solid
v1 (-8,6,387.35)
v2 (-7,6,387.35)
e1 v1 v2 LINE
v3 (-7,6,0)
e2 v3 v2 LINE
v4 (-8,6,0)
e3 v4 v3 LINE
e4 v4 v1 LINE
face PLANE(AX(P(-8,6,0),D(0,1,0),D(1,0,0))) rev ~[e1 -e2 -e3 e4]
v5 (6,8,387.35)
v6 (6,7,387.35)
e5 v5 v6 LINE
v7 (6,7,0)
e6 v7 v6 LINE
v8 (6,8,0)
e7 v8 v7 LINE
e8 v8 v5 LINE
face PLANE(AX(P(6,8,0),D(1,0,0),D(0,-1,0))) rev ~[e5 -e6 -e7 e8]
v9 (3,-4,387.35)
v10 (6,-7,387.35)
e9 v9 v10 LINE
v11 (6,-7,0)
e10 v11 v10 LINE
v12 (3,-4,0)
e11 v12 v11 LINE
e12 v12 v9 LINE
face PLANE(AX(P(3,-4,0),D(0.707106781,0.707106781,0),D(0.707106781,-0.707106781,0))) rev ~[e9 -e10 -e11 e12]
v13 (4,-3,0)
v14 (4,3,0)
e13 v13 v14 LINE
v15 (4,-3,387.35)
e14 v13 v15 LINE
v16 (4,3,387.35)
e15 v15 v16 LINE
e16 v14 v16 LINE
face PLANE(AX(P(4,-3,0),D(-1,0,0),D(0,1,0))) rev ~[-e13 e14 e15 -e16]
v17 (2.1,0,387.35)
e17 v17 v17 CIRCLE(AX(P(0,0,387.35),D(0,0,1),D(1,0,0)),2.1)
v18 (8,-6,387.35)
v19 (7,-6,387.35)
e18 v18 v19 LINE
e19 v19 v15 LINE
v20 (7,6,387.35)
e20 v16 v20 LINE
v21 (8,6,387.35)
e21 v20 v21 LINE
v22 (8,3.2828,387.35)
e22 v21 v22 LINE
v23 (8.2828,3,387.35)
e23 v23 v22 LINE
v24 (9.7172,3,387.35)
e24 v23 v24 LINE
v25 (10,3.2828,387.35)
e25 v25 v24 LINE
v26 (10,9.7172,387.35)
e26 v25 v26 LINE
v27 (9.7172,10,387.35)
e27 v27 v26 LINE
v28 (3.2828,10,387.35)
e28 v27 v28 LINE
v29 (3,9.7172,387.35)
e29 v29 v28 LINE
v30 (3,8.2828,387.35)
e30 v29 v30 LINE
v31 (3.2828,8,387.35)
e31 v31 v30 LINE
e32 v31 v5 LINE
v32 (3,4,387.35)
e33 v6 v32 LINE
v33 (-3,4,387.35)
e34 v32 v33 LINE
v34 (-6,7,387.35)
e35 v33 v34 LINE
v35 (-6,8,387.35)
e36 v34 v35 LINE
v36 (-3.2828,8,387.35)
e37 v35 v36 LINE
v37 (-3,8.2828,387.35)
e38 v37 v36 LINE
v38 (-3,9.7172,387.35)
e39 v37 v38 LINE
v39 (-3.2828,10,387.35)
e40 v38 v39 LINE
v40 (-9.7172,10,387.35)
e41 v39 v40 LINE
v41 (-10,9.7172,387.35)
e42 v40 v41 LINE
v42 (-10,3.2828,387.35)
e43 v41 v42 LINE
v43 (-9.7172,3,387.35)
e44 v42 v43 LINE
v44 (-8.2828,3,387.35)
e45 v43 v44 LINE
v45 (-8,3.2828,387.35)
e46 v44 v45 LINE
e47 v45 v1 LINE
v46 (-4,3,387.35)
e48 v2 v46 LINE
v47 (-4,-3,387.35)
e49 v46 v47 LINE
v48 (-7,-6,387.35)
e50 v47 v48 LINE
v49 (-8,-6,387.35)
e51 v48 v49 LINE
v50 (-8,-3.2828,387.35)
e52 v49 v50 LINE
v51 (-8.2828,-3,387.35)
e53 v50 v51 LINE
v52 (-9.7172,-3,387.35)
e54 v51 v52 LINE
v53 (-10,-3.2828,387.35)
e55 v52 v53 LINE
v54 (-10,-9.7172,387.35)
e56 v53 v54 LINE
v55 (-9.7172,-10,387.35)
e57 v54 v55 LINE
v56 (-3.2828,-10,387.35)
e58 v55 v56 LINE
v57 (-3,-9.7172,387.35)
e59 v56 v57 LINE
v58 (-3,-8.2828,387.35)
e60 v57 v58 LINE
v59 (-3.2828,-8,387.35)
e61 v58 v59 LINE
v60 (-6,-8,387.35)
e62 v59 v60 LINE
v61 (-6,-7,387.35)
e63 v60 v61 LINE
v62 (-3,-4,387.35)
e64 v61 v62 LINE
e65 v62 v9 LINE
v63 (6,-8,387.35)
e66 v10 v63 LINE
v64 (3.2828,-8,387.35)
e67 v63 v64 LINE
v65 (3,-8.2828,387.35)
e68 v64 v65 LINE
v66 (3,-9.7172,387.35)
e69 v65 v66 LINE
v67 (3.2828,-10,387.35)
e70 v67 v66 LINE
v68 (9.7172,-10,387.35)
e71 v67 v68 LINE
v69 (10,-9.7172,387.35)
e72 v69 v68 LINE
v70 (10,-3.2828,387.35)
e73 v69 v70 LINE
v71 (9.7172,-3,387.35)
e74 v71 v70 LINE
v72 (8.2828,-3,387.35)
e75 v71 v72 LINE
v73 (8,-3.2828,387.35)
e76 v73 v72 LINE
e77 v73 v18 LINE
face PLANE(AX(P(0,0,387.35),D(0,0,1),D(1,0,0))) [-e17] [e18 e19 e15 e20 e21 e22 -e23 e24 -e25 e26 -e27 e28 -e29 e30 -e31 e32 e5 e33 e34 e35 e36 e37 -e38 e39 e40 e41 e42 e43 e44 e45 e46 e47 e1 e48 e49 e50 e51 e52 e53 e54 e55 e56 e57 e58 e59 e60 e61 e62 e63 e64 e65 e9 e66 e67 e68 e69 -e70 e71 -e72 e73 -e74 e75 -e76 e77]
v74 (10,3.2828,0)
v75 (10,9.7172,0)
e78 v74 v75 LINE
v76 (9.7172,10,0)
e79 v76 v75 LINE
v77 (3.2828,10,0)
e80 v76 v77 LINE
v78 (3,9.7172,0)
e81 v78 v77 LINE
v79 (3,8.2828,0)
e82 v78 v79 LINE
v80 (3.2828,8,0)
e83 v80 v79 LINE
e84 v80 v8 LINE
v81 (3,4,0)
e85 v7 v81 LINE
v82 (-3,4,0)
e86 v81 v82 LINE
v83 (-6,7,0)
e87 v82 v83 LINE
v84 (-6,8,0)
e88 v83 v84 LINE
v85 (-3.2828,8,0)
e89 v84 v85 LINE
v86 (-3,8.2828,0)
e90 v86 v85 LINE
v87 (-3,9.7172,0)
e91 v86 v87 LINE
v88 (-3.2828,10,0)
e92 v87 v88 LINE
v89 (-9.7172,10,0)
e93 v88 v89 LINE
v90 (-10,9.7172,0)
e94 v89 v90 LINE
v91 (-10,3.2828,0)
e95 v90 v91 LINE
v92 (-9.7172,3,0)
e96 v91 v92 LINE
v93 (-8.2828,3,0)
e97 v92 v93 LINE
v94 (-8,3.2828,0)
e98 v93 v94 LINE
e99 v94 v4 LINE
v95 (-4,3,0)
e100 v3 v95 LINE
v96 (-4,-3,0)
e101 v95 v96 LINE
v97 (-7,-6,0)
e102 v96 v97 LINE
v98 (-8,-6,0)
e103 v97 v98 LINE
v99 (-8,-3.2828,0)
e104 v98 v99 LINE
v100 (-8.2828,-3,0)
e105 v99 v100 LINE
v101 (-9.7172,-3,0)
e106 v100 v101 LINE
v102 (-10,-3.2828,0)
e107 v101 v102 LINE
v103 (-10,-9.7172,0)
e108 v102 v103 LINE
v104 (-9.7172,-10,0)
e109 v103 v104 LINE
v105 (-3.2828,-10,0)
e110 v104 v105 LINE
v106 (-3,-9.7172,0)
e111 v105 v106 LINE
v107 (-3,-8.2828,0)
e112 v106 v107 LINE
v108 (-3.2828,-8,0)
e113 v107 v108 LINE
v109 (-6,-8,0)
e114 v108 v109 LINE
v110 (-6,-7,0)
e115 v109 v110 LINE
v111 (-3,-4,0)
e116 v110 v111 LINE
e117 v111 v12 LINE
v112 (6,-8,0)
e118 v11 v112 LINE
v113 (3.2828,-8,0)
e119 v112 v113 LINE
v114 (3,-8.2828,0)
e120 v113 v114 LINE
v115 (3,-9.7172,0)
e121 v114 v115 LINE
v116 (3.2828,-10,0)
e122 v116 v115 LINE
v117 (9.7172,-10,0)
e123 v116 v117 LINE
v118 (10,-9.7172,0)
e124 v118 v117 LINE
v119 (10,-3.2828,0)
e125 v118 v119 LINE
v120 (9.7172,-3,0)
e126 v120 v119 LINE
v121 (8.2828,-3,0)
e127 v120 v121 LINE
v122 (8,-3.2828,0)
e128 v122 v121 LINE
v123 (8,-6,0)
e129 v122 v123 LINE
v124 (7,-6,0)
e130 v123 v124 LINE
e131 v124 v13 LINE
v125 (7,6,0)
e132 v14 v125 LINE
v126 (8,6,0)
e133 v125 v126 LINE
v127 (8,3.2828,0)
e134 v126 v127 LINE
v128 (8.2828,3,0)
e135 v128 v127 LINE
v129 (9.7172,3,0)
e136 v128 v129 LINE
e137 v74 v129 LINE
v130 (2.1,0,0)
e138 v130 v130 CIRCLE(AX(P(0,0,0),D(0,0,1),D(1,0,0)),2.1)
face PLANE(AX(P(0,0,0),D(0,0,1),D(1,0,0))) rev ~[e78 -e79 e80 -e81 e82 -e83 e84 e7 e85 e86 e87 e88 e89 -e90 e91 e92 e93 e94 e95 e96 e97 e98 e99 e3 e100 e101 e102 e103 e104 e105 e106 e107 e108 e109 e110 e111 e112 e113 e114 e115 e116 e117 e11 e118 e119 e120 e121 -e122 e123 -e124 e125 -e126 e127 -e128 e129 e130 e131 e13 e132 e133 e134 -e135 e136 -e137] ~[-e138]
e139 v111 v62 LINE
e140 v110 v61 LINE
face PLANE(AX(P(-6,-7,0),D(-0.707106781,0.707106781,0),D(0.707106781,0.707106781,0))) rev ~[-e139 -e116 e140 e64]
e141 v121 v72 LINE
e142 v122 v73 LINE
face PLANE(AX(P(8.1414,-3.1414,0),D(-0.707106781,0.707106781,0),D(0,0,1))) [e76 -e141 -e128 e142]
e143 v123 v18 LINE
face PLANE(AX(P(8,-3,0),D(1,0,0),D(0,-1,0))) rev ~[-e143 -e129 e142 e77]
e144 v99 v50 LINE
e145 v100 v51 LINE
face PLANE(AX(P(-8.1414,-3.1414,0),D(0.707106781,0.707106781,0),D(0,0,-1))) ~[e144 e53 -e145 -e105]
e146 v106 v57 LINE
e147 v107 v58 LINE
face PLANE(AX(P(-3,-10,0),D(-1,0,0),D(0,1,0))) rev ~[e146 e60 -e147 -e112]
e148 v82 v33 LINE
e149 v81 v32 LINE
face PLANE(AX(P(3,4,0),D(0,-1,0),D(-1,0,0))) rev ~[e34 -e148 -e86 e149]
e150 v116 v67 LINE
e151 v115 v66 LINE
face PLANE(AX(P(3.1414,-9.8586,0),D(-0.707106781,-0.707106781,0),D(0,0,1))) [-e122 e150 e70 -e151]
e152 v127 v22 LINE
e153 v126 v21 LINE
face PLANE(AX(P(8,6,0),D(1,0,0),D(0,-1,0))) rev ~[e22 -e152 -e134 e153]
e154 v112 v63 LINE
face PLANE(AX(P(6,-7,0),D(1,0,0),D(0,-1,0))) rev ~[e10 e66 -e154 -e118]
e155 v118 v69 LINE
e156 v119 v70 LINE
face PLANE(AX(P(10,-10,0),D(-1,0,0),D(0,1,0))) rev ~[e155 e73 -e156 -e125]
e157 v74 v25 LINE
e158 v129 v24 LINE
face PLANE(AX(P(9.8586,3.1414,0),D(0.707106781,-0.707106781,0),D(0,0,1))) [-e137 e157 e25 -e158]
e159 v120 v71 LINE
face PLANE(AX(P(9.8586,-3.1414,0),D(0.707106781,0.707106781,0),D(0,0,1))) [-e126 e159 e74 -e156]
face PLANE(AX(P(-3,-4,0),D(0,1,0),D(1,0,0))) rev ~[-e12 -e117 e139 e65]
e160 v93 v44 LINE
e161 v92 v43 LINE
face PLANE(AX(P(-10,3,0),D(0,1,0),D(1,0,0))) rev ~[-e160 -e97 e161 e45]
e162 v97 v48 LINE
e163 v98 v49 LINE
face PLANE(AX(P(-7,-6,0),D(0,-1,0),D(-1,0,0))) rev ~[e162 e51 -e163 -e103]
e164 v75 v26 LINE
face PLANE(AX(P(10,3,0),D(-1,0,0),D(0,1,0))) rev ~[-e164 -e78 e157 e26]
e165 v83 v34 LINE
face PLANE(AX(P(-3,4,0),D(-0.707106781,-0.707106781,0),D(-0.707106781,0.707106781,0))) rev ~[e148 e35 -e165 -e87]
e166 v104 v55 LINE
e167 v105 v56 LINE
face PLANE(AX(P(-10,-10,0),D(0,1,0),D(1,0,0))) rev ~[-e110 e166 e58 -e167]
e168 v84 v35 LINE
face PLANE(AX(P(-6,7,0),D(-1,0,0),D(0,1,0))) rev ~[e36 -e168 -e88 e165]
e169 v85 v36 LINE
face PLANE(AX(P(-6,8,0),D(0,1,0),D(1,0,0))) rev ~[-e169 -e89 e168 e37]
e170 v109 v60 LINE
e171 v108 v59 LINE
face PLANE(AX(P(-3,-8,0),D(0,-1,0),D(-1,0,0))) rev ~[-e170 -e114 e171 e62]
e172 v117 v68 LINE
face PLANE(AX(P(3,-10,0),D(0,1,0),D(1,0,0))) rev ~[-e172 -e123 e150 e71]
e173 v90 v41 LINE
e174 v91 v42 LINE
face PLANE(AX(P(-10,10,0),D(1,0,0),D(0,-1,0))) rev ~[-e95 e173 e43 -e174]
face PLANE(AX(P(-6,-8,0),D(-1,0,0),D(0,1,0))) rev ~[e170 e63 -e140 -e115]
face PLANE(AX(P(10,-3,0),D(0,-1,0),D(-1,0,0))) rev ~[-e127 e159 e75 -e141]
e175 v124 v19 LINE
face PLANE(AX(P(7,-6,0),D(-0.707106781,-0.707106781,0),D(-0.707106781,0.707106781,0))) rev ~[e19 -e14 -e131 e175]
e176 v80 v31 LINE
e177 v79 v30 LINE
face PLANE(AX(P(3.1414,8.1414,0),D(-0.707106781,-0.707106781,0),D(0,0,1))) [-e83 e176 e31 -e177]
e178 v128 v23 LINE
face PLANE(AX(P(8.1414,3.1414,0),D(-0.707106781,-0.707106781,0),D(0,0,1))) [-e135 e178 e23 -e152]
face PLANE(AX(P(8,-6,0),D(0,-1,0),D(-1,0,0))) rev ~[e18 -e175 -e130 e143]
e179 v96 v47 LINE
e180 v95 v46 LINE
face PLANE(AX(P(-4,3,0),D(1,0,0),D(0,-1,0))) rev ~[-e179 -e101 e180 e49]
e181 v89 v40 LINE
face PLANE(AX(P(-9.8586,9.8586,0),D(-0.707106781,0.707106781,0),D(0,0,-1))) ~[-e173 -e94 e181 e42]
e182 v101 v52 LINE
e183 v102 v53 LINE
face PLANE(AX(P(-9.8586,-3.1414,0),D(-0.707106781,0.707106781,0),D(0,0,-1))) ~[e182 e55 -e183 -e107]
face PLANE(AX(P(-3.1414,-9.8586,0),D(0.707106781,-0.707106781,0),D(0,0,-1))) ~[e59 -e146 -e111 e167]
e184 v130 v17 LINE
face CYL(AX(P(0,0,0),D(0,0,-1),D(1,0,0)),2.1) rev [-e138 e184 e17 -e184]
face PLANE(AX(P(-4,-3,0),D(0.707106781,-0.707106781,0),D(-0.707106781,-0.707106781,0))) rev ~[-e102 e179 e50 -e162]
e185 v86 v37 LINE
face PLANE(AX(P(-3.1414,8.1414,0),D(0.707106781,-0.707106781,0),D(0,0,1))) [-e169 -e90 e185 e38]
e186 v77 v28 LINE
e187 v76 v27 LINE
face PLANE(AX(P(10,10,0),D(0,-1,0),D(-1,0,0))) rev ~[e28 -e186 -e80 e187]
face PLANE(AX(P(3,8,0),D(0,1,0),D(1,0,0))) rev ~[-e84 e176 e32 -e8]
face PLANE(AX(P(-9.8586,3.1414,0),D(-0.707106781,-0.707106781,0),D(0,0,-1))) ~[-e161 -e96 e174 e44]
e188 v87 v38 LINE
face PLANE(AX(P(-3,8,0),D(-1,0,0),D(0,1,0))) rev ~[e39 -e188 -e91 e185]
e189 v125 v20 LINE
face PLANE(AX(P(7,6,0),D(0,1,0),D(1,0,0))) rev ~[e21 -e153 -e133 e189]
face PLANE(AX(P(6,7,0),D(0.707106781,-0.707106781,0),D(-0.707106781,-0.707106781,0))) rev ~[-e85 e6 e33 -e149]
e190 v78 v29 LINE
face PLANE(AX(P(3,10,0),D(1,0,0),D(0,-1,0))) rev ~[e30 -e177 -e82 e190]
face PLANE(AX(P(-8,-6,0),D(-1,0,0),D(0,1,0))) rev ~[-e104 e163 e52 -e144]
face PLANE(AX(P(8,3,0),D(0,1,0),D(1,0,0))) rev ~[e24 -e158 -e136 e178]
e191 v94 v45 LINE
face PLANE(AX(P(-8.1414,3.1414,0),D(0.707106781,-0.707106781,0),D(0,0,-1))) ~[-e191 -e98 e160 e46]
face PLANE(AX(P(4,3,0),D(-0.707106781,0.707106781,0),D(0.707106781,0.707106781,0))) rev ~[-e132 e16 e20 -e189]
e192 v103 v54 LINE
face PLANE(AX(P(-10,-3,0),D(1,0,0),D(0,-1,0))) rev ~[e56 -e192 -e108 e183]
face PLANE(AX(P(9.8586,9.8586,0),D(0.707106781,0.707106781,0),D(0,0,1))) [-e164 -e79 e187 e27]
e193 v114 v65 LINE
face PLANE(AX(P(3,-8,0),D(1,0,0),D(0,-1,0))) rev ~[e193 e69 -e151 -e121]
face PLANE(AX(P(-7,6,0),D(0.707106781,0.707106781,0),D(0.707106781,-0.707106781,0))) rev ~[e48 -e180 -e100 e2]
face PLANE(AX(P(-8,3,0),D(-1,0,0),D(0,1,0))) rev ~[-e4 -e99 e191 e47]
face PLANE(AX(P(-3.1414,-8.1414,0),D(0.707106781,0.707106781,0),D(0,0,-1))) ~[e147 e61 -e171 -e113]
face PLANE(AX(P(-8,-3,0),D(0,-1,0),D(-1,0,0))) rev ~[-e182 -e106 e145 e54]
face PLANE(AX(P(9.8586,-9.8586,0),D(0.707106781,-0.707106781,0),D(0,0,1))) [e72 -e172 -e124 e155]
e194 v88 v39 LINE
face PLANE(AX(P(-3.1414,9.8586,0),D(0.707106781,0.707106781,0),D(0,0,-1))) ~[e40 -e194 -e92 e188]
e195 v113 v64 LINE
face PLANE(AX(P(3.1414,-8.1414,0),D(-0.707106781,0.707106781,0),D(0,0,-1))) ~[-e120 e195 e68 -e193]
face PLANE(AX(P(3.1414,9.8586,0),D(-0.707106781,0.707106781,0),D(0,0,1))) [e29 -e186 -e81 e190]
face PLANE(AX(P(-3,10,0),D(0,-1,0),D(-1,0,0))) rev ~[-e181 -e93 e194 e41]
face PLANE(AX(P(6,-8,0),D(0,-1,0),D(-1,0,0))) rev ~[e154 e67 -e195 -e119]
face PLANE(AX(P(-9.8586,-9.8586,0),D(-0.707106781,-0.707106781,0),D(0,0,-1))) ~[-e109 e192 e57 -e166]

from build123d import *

# Parameters (mm, degrees)
SKETCH1_R           = 2.1
BOSS_EXTRUDE1_DEPTH = 387.35
CHAMFER1_SIZE       = 0.2828


with BuildPart() as part:
    # Sketch1 → Boss-Extrude1 (new body)
    with BuildSketch(Plane.XY):
        Polygon((-3, 8), (-3, 10), (-10, 10), (-10, 3), (-8, 3), (-8, 6), (-7, 6), (-4, 3), (-4, -3), (-7, -6), (-8, -6), (-8, -3), (-10, -3), (-10, -10), (-3, -10), (-3, -8), (-6, -8), (-6, -7), (-3, -4), (3, -4), (6, -7), (6, -8), (3, -8), (3, -10), (10, -10), (10, -3), (8, -3), (8, -6), (7, -6), (4, -3), (4, 3), (7, 6), (8, 6), (8, 3), (10, 3), (10, 10), (3, 10), (3, 8), (6, 8), (6, 7), (3, 4), (-3, 4), (-6, 7), (-6, 8), align=None)
        Circle(SKETCH1_R, mode=Mode.SUBTRACT)
    extrude(amount=BOSS_EXTRUDE1_DEPTH)

    # Chamfer1
    chamfer1_edges = [part.edges().sort_by_distance(p)[0] for p in [
        (-8, -3, 193.675),
        (-8, 3, 193.675),
        (-10, 3, 193.675),
        (-10, 10, 193.675),
        (-3, 10, 193.675),
        (-3, 8, 193.675),
        (3, 8, 193.675),
        (3, 10, 193.675),
        (10, 10, 193.675),
        (10, 3, 193.675),
        (8, 3, 193.675),
        (8, -3, 193.675),
        (10, -3, 193.675),
        (10, -10, 193.675),
        (3, -10, 193.675),
        (3, -8, 193.675),
        (-3, -8, 193.675),
        (-3, -10, 193.675),
        (-10, -10, 193.675),
        (-10, -3, 193.675),
    ]]
    chamfer(chamfer1_edges, length=CHAMFER1_SIZE)


solid = part.part
